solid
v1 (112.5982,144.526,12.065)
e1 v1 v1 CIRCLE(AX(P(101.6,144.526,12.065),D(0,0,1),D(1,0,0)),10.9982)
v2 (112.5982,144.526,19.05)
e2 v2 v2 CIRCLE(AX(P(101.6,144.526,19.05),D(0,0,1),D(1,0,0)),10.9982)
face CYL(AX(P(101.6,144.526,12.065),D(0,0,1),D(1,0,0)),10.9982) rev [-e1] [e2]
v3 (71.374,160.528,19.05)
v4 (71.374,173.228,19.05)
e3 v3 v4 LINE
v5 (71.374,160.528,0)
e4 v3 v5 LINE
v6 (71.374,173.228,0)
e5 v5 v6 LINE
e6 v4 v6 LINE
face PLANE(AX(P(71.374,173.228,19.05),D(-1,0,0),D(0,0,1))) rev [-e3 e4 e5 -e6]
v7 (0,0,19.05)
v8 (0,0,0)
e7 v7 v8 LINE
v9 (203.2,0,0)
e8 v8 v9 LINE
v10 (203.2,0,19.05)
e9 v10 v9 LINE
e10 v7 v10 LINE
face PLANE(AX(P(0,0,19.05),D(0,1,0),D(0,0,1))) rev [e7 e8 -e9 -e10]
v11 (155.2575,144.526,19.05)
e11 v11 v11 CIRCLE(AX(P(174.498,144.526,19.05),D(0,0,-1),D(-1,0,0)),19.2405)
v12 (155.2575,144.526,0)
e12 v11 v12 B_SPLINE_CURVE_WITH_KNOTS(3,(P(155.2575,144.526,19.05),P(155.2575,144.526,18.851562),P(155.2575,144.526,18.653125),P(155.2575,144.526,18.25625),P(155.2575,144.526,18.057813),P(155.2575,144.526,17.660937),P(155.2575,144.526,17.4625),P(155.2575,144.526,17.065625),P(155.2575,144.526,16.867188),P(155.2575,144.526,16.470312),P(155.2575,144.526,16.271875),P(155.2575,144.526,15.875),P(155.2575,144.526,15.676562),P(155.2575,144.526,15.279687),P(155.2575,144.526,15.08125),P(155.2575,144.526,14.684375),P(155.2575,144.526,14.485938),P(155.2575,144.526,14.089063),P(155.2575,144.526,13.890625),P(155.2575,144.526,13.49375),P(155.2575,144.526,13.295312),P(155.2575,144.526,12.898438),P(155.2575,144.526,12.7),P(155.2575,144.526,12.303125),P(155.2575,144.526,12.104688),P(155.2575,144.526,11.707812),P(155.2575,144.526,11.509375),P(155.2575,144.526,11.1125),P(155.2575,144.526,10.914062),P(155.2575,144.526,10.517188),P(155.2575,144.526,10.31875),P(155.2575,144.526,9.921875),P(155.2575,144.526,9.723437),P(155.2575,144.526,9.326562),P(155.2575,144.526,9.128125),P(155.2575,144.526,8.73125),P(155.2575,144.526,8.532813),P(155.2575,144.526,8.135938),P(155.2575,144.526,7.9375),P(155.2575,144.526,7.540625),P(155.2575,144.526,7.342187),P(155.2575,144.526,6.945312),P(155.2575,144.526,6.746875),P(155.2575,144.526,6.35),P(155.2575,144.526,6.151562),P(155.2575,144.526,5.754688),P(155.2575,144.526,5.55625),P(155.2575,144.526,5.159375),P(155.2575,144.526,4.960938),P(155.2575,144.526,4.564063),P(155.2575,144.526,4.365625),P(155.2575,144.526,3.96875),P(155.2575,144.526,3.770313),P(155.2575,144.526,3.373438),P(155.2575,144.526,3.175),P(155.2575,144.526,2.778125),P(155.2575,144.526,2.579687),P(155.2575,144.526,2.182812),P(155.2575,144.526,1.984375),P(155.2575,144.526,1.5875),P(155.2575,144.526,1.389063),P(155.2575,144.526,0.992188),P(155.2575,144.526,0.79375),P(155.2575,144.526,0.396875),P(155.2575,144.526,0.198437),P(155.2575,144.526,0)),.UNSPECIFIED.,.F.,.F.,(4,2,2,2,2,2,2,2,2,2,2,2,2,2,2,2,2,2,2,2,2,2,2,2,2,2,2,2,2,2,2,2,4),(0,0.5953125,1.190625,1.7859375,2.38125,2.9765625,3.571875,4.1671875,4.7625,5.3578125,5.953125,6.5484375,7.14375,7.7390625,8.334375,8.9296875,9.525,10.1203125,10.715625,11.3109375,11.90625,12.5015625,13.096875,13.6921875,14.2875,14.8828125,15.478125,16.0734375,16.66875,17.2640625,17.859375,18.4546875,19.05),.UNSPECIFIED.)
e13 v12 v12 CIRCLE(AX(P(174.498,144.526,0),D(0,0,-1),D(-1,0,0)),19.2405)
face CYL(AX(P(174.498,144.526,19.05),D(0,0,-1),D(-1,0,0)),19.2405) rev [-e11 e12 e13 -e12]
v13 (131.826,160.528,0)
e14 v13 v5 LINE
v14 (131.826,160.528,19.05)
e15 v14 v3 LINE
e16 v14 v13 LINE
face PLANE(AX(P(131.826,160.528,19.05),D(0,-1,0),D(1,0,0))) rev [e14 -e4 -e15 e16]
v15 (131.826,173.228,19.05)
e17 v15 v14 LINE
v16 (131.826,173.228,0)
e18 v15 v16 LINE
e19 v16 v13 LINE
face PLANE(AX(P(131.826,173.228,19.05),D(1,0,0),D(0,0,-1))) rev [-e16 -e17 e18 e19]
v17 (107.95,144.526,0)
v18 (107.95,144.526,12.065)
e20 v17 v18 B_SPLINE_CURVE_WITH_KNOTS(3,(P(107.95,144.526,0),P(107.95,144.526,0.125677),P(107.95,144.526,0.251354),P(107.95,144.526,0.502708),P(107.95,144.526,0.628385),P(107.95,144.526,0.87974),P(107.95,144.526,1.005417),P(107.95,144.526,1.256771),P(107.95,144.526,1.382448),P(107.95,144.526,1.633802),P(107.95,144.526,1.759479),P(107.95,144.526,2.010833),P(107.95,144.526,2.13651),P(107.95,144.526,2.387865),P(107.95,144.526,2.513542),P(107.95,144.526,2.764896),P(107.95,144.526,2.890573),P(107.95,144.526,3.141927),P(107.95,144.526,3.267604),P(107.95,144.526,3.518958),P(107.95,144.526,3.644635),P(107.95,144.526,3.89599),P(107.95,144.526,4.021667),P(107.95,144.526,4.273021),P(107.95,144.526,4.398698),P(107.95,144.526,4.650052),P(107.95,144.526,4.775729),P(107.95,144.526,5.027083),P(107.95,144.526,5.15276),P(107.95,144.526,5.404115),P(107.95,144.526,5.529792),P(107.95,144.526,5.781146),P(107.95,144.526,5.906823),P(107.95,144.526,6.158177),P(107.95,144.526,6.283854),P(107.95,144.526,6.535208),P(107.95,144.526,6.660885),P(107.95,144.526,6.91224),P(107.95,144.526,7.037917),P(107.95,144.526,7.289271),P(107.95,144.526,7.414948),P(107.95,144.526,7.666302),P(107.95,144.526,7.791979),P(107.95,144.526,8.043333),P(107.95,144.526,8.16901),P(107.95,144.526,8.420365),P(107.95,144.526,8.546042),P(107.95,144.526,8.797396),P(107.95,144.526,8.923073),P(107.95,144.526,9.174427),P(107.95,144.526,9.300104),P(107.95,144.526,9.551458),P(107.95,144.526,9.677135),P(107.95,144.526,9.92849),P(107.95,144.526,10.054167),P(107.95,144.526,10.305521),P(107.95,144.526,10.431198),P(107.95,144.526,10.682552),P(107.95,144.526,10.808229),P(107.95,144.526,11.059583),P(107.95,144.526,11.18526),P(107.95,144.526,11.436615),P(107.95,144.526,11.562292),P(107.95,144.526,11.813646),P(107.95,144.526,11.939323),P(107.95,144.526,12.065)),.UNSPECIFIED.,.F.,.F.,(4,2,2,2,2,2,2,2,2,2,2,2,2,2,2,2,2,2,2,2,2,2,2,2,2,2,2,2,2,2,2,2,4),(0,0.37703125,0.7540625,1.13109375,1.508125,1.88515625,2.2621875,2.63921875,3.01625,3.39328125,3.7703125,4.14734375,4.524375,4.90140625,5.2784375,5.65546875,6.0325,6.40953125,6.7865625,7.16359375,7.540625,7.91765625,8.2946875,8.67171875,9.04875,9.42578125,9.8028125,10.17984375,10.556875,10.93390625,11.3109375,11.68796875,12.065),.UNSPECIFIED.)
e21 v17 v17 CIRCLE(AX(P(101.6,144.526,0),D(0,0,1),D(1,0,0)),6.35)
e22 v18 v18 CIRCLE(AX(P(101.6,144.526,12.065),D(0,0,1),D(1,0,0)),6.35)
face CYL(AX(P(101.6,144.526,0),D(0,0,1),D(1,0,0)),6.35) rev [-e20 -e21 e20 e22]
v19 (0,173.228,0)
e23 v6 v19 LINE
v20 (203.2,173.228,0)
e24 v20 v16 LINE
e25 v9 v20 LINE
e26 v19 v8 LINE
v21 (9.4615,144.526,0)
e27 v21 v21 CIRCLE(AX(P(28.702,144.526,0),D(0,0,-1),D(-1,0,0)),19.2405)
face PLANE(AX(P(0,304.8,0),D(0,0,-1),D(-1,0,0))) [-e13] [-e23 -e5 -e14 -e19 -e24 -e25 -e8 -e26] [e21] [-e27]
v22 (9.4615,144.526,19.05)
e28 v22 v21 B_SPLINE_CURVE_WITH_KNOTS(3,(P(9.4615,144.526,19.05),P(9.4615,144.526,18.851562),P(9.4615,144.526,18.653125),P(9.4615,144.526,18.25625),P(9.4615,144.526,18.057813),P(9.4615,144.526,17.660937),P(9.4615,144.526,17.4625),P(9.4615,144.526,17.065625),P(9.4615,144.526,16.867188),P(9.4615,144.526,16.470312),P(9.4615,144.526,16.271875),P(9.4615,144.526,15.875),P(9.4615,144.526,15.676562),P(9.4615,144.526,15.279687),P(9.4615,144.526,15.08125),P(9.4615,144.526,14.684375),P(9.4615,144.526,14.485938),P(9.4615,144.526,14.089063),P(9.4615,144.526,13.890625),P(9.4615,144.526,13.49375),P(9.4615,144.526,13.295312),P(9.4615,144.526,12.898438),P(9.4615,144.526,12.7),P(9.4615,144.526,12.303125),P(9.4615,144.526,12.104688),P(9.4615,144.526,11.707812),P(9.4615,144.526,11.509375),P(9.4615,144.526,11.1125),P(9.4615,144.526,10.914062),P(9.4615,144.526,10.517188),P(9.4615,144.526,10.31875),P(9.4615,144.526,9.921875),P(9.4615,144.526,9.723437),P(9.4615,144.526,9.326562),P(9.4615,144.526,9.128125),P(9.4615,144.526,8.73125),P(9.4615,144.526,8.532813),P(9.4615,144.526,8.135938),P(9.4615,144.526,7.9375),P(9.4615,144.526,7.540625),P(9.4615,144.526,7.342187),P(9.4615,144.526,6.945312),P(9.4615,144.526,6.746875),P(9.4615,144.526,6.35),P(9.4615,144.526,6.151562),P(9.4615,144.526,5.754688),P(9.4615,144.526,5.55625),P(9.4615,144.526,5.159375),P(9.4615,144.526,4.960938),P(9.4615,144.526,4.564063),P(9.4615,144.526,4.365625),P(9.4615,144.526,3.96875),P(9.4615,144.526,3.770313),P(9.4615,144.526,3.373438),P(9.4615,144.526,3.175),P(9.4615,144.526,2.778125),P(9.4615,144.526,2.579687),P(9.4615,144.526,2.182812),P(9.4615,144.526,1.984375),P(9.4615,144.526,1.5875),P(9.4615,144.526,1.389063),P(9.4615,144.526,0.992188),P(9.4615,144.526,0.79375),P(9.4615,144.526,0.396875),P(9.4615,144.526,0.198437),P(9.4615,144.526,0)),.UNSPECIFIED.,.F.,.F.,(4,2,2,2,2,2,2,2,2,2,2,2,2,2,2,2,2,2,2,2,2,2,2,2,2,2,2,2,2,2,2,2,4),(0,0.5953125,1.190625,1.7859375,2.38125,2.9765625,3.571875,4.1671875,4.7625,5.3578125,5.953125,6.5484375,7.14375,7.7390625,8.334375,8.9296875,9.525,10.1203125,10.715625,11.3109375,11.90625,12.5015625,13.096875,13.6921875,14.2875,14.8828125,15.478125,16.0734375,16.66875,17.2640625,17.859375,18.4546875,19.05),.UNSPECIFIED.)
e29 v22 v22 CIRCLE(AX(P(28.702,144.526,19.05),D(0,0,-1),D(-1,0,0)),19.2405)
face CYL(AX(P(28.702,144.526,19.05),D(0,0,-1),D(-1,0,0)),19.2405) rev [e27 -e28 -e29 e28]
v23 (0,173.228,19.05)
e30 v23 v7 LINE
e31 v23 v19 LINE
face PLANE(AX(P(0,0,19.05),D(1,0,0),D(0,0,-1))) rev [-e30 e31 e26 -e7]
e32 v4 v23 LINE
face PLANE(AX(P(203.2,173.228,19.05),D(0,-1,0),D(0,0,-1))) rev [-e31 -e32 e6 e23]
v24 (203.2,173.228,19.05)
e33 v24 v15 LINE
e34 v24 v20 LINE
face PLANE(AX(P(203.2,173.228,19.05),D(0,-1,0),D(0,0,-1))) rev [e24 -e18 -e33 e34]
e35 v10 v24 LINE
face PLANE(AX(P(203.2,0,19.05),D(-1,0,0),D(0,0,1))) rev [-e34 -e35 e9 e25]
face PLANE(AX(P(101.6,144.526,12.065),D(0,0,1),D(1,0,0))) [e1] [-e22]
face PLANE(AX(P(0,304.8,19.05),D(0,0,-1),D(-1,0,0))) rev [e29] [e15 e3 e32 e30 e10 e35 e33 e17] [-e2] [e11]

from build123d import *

# Parameters (mm, degrees)
SKETCH1_W                = 203.2
SKETCH1_H                = 304.8
BOSS_EXTRUDE1_DEPTH      = 19.05
ESQUISSE2_W              = 203.2
ESQUISSE2_H              = 38.1
ENL_V_MAT_EXTRU_2_DEPTH  = 367.819005097
ESQUISSE3_W              = 203.2
ESQUISSE3_H              = 93.472
ENL_V_MAT_EXTRU_3_DEPTH  = 336.830362683
ESQUISSE5_R              = 19.2405
ENL_V_MAT_EXTRU_5_DEPTH  = 268.695876853
ESQUISSE9_R              = 10.9982
ENL_V_MAT_EXTRU_9_DEPTH  = 6.985
ESQUISSE10_R             = 6.35
ENL_V_MAT_EXTRU_10_DEPTH = 268.289626078
ESQUISSE11_W             = 60.452
ESQUISSE11_H             = 12.7
ENL_V_MAT_EXTRU_11_DEPTH = 19.05


with BuildPart() as part:
    # Sketch1 → Boss-Extrude1 (new body)
    with BuildSketch(Plane.XY):
        with Locations((101.6, 152.4)):
            Rectangle(SKETCH1_W, SKETCH1_H)
    extrude(amount=BOSS_EXTRUDE1_DEPTH)

    # Esquisse2 → Enlèv. mat.-Extru.2 (cut, through all)
    with BuildSketch(Plane(origin=(0, 0, 0), x_dir=(-1, 0, 0), z_dir=(0, 0, -1))):
        with Locations((-101.6, 285.75)):
            Rectangle(ESQUISSE2_W, ESQUISSE2_H)
    extrude(amount=-ENL_V_MAT_EXTRU_2_DEPTH, mode=Mode.SUBTRACT)

    # Esquisse3 → Enlèv. mat.-Extru.3 (cut, through all)
    with BuildSketch(Plane(origin=(0, 0, 0), x_dir=(-1, 0, 0), z_dir=(0, 0, -1))):
        with Locations((-101.6, 219.964)):
            Rectangle(ESQUISSE3_W, ESQUISSE3_H)
    extrude(amount=-ENL_V_MAT_EXTRU_3_DEPTH, mode=Mode.SUBTRACT)

    # Esquisse5 → Enlèv. mat.-Extru.5 (cut, through all)
    with BuildSketch(Plane(origin=(0, 0, 0), x_dir=(-1, 0, 0), z_dir=(0, 0, -1))):
        with Locations((-174.498, 144.526)):
            Circle(ESQUISSE5_R)
        with Locations((-28.702, 144.526)):
            Circle(ESQUISSE5_R)
    extrude(amount=-ENL_V_MAT_EXTRU_5_DEPTH, mode=Mode.SUBTRACT)

    # Esquisse9 → Enlèv. mat.-Extru.9 (cut)
    with BuildSketch(Plane.XY.offset(19.05)):
        with Locations((101.6, 144.526)):
            Circle(ESQUISSE9_R)
    extrude(amount=-ENL_V_MAT_EXTRU_9_DEPTH, mode=Mode.SUBTRACT)

    # Esquisse10 → Enlèv. mat.-Extru.10 (cut, through all)
    with BuildSketch(Plane.XY.offset(12.065)):
        with Locations((101.6, 144.526)):
            Circle(ESQUISSE10_R)
    extrude(amount=-ENL_V_MAT_EXTRU_10_DEPTH, mode=Mode.SUBTRACT)

    # Esquisse11 → Enlèv. mat.-Extru.11 (cut)
    with BuildSketch(Plane(origin=(0, 0, 0), x_dir=(-1, 0, 0), z_dir=(0, 0, -1))):
        with Locations((-101.6, 166.878)):
            Rectangle(ESQUISSE11_W, ESQUISSE11_H)
    extrude(amount=-ENL_V_MAT_EXTRU_11_DEPTH, mode=Mode.SUBTRACT)


solid = part.part
